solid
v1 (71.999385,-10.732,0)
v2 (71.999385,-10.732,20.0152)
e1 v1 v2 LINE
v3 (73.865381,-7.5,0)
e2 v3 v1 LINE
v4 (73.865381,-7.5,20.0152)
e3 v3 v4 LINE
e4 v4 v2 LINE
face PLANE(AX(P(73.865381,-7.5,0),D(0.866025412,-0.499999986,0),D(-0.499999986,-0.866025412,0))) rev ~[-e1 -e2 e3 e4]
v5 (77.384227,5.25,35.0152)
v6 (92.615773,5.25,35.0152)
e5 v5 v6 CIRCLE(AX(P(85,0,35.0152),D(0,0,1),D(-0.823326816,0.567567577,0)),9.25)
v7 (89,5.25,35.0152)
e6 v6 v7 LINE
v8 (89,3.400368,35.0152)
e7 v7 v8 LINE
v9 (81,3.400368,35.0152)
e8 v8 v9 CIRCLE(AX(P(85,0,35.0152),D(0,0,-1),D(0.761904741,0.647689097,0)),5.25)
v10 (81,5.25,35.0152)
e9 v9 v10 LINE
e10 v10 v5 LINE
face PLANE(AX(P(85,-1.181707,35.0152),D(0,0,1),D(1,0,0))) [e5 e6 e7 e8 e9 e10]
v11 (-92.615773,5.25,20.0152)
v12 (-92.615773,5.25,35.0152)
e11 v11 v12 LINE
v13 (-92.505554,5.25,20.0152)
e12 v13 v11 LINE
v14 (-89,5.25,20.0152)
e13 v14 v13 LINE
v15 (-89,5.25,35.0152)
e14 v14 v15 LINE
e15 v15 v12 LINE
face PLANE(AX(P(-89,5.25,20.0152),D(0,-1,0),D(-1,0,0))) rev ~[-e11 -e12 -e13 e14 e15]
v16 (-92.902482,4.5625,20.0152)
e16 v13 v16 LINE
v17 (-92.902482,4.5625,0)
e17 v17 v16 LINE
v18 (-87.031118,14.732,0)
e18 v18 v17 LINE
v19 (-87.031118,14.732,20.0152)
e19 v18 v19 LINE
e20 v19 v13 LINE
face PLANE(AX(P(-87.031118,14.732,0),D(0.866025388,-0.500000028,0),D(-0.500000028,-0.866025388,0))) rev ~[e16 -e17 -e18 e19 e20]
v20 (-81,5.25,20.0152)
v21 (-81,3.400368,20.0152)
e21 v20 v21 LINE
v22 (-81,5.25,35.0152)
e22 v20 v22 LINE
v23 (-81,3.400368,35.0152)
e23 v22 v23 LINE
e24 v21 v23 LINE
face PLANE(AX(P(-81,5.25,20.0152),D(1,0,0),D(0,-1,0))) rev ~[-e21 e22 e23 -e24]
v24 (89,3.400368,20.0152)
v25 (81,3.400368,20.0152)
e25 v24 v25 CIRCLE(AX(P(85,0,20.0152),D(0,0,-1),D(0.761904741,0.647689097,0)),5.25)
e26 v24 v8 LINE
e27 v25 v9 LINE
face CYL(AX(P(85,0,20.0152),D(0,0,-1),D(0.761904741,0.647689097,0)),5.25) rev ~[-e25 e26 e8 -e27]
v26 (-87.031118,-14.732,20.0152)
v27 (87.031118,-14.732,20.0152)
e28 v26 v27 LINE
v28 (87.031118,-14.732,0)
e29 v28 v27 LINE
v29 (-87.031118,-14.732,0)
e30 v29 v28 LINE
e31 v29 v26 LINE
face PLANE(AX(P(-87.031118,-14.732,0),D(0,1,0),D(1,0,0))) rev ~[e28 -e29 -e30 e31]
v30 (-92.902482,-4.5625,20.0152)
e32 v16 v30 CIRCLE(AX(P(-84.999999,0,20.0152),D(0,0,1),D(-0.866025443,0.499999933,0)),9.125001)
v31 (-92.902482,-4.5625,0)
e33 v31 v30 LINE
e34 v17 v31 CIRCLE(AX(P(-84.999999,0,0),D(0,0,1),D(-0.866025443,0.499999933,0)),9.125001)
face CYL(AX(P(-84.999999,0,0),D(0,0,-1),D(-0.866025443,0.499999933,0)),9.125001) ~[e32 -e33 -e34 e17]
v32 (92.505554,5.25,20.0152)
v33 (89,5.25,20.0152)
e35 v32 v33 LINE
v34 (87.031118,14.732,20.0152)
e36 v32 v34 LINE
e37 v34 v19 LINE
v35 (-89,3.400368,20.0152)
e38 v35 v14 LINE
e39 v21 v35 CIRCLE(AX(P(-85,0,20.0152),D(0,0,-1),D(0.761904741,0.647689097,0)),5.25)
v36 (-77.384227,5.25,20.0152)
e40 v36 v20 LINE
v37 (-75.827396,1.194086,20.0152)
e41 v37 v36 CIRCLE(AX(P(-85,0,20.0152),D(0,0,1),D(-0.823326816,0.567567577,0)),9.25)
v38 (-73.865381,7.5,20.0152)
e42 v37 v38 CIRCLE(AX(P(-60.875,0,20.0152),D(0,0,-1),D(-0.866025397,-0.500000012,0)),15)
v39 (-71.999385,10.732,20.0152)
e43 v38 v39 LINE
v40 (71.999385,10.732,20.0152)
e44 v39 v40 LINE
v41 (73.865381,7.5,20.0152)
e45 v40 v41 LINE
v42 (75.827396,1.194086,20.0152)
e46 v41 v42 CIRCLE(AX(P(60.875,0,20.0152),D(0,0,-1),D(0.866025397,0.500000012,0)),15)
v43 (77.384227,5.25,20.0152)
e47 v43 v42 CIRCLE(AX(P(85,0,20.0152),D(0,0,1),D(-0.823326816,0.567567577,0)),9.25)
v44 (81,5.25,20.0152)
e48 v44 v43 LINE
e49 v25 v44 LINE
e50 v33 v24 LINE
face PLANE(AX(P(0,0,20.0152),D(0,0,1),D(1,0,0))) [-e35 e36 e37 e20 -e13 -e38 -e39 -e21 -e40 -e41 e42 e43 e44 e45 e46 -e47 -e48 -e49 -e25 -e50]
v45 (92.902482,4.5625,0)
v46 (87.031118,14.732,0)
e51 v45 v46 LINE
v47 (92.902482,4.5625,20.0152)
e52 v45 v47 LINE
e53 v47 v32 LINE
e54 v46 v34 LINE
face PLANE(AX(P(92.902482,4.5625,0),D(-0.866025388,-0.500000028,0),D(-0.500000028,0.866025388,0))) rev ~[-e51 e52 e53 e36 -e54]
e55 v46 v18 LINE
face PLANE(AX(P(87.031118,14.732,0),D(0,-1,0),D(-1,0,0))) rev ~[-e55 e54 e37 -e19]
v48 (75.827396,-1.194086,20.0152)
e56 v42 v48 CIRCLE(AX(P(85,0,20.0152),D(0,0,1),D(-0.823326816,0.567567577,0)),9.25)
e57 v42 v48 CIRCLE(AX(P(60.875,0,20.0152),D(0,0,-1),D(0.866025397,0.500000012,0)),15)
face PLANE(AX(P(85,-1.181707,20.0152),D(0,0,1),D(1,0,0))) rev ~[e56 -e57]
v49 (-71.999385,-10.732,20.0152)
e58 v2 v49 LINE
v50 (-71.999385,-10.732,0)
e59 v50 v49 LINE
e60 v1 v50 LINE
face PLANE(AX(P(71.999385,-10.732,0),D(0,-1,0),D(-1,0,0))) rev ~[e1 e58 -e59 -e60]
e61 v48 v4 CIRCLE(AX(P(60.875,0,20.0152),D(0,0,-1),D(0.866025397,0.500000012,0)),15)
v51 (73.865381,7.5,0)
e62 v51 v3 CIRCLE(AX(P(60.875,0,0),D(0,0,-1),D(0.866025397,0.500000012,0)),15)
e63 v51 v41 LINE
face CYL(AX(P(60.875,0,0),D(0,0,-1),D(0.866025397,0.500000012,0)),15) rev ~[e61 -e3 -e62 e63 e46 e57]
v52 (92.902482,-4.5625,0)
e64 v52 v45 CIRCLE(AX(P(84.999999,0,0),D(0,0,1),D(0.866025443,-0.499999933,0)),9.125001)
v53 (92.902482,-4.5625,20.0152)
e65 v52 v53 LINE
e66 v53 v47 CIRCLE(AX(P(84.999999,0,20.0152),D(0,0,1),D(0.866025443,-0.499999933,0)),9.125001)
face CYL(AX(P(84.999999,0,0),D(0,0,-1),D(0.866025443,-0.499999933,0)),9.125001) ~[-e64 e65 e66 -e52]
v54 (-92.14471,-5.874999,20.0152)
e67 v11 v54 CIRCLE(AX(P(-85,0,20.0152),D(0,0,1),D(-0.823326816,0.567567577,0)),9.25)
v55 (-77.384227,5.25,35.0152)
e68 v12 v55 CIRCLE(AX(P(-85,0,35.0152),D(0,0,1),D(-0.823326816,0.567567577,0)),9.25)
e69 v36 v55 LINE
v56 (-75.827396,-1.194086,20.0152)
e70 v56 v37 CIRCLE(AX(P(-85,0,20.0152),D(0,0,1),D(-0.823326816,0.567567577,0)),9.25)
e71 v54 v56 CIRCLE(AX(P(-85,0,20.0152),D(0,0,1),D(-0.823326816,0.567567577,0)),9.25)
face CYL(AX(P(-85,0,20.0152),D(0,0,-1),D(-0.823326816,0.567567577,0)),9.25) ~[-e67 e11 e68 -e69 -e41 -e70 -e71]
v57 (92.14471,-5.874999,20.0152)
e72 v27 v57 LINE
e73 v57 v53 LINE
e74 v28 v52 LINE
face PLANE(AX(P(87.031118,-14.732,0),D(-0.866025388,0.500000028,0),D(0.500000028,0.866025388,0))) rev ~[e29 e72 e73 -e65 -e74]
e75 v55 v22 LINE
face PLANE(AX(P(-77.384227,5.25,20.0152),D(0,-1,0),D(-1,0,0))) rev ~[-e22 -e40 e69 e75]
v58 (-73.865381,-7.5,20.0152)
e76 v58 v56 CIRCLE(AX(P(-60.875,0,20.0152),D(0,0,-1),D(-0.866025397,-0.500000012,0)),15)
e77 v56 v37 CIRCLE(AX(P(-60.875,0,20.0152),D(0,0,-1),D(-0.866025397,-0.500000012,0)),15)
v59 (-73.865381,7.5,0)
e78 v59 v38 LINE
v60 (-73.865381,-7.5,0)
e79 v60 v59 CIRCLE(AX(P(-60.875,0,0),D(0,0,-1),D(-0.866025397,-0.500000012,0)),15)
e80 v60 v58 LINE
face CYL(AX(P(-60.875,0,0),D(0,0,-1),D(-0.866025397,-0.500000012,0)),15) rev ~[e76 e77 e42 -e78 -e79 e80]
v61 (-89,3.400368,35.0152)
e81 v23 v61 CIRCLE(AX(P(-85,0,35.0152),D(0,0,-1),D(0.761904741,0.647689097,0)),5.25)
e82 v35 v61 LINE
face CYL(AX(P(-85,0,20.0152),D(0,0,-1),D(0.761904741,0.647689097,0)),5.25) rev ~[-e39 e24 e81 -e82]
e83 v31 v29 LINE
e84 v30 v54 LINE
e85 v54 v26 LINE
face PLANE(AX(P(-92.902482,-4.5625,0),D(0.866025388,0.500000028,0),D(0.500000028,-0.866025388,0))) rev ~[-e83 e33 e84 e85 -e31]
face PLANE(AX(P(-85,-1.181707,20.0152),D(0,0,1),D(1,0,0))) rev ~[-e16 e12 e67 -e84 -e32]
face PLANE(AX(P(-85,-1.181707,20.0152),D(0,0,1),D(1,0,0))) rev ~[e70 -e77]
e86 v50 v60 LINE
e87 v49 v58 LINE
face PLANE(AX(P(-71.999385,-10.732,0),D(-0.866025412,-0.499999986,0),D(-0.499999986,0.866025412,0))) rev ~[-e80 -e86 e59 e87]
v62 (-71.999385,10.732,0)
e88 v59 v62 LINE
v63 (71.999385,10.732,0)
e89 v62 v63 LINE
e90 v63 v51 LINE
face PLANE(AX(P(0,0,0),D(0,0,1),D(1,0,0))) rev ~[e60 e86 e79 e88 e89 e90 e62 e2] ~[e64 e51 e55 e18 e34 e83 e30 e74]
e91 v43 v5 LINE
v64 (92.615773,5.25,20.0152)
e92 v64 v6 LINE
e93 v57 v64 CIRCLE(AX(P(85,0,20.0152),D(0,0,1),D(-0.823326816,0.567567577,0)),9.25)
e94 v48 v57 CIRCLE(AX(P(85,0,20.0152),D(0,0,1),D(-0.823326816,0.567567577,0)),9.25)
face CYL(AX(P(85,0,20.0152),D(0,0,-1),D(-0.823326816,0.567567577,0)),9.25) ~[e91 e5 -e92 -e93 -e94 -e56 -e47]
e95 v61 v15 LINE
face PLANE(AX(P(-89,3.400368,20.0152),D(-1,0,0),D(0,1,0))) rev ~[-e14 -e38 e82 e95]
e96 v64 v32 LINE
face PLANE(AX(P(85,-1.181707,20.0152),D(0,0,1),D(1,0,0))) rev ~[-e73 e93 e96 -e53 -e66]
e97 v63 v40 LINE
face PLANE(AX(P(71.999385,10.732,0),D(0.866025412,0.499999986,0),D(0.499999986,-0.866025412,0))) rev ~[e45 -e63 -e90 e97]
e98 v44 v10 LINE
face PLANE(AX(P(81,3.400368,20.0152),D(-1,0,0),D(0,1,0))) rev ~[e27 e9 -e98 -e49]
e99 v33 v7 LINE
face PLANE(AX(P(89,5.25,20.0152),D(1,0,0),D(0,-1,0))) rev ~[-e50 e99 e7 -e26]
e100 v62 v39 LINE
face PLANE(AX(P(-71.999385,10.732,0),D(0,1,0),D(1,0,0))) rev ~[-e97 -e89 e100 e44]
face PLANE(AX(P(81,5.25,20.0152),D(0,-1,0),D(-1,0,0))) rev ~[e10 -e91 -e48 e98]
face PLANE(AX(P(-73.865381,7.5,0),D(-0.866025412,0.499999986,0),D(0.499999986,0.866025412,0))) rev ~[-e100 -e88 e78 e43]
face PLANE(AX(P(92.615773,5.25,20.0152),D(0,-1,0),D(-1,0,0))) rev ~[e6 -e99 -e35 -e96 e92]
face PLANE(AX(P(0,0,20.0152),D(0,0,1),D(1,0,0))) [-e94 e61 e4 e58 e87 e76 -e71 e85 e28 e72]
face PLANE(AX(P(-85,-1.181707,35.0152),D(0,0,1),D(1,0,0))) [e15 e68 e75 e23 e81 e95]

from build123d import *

# Parameters (mm, degrees)
F1_DEPTH = 20.0152
F3_DEPTH = 15


with BuildPart() as f1:
    # F0 (on Top) → F1 (new body)
    with BuildSketch(Plane.XY):
        with BuildLine():
            Line((87.031118, 14.732), (-87.031118, 14.732))
            Line((-87.031118, 14.732), (-92.902482, 4.5625))
            ThreePointArc((-92.902482, 4.5625), (-94.125, 0), (-92.902482, -4.5625))
            Line((-92.902482, -4.5625), (-87.031118, -14.732))
            Line((-87.031118, -14.732), (87.031118, -14.732))
            Line((87.031118, -14.732), (92.902482, -4.5625))
            ThreePointArc((92.902482, -4.5625), (94.125, 0), (92.902482, 4.5625))
            Line((92.902482, 4.5625), (87.031118, 14.732))
        make_face()
        with BuildLine():
            Line((-73.865381, 7.5), (-71.999385, 10.732))
            Line((-71.999385, 10.732), (71.999385, 10.732))
            Line((71.999385, 10.732), (73.865381, 7.5))
            ThreePointArc((73.865381, 7.5), (75.875, 0), (73.865381, -7.5))
            Line((73.865381, -7.5), (71.999385, -10.732))
            Line((71.999385, -10.732), (-71.999385, -10.732))
            Line((-71.999385, -10.732), (-73.865381, -7.5))
            ThreePointArc((-73.865381, -7.5), (-75.875, 0), (-73.865381, 7.5))
        make_face(mode=Mode.SUBTRACT)
    extrude(amount=F1_DEPTH)

    # F2 (on face) → F3 (join)
    with BuildSketch(Plane.XY.offset(20.0152)):
        with BuildLine():
            Line((-89, 5.25), (-92.615773, 5.25))
            ThreePointArc((-92.615773, 5.25), (-85, -9.25), (-77.384227, 5.25))
            Line((-77.384227, 5.25), (-81, 5.25))
            Line((-81, 5.25), (-81, 3.400368))
            ThreePointArc((-81, 3.400368), (-85, -5.25), (-89, 3.400368))
            Line((-89, 3.400368), (-89, 5.25))
        make_face()
        with BuildLine():
            Line((81, 3.400368), (81, 5.25))
            Line((81, 5.25), (77.384227, 5.25))
            ThreePointArc((77.384227, 5.25), (85, -9.25), (92.615773, 5.25))
            Line((92.615773, 5.25), (89, 5.25))
            Line((89, 5.25), (89, 3.400368))
            ThreePointArc((89, 3.400368), (85, -5.25), (81, 3.400368))
        make_face()
    extrude(amount=F3_DEPTH)


solid = f1.part
